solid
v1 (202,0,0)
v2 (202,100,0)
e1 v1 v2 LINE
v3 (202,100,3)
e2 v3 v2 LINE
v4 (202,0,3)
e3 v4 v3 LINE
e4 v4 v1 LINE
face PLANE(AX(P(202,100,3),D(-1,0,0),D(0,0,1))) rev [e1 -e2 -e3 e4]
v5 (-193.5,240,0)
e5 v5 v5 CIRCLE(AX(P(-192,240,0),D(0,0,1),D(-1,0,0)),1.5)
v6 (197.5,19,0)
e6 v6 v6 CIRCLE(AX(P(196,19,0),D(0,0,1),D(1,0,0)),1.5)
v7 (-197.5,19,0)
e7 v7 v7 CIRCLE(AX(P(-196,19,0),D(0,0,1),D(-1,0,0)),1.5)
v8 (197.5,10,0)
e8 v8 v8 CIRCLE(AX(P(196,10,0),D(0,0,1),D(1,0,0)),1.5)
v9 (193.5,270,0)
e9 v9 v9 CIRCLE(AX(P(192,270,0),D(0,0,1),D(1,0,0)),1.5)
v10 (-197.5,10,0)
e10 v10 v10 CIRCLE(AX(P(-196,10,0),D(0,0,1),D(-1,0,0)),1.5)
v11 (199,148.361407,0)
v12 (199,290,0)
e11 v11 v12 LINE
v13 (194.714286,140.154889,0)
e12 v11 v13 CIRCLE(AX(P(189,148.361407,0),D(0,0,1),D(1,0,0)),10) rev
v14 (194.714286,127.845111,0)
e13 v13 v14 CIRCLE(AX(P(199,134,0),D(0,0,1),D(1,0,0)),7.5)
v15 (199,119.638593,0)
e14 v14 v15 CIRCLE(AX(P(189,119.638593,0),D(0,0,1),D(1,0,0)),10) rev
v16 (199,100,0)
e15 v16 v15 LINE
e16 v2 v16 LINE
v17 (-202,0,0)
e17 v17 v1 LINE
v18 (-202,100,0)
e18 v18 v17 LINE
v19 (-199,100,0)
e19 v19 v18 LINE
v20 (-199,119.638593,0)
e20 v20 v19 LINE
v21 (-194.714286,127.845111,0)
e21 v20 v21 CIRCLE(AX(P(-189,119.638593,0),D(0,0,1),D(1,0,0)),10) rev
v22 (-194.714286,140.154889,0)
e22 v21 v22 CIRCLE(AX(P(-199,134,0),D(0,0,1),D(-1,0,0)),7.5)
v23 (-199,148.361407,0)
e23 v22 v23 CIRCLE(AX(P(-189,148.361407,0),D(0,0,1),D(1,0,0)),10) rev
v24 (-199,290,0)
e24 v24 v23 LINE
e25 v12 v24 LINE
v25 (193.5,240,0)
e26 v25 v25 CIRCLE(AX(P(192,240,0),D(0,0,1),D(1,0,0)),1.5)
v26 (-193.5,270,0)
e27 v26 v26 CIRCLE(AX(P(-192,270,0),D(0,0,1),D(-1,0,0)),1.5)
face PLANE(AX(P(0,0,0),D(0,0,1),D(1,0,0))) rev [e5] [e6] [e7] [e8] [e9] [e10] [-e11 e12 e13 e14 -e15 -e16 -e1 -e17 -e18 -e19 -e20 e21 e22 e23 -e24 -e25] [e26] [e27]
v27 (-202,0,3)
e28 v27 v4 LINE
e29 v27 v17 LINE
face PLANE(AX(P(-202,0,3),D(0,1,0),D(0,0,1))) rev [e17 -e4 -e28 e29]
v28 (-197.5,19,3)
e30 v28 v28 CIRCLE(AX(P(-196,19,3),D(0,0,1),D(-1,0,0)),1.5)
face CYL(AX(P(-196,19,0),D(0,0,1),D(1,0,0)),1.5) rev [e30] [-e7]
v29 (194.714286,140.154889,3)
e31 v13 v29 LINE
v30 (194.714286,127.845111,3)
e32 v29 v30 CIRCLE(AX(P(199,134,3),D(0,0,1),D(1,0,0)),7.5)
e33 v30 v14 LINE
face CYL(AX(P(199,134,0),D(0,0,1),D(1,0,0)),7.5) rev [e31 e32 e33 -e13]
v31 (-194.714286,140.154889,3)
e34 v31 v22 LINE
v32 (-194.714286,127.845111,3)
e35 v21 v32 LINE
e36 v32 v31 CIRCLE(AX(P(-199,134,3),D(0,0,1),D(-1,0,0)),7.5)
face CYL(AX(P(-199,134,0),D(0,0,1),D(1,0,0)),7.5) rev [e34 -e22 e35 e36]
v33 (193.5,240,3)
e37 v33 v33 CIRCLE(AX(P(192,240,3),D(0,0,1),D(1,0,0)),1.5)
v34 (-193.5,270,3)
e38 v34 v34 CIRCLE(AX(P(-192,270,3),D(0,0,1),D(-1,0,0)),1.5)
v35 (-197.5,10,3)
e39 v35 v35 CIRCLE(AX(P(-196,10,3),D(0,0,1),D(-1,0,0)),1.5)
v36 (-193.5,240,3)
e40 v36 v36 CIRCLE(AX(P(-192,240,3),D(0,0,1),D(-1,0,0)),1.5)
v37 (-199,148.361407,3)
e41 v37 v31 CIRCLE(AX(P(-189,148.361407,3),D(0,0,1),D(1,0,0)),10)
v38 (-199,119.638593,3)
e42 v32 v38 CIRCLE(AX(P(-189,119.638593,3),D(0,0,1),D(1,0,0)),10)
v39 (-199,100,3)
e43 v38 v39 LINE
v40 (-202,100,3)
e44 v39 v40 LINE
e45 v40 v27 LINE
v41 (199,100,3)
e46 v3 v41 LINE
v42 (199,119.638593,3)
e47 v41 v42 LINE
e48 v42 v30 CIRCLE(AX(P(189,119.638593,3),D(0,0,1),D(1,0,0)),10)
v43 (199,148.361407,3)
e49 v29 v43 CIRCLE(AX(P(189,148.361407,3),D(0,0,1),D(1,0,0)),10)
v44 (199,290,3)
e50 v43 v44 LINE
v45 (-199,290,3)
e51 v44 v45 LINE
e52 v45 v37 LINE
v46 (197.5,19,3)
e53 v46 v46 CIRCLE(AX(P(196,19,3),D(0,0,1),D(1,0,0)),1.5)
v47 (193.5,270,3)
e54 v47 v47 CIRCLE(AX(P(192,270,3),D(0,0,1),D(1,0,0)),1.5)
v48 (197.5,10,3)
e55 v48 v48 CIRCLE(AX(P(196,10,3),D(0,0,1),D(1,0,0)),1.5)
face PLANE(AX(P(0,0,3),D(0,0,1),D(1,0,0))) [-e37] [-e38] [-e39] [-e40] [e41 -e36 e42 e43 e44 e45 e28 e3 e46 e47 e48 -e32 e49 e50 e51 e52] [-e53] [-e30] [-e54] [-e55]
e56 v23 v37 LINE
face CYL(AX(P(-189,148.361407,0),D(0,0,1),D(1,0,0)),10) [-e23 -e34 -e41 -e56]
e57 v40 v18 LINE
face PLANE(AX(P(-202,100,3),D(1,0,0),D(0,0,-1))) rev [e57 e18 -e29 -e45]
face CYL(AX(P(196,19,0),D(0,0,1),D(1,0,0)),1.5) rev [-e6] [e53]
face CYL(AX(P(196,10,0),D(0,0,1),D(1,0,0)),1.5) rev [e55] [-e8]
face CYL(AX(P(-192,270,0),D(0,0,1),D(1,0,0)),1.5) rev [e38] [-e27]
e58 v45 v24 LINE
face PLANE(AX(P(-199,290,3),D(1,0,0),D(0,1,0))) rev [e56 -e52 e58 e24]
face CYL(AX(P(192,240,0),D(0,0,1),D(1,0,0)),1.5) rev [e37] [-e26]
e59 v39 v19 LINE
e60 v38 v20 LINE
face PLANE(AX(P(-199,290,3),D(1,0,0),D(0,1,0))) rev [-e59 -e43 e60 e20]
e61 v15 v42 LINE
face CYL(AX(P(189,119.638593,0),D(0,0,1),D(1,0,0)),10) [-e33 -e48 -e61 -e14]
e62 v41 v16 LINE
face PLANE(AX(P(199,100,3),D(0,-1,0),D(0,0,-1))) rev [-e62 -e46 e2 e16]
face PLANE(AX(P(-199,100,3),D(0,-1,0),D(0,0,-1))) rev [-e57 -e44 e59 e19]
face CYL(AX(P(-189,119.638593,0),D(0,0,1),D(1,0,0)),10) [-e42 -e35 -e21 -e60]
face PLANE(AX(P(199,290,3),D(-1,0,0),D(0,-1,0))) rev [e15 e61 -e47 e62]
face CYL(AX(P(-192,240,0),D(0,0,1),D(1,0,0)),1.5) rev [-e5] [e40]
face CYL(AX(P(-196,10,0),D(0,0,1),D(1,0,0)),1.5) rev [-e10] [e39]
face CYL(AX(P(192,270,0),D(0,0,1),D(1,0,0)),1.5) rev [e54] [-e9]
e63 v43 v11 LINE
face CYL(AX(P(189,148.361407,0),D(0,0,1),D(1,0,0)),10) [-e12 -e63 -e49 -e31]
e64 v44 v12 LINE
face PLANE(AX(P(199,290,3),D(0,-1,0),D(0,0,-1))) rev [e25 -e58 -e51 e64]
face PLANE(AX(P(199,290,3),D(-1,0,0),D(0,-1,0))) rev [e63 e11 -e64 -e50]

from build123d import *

# Parameters (mm, degrees)
EXTRUDE_1_DEPTH     = 3
SKETCH_2_R          = 1.5
CUT_EXTRUDE_1_DEPTH = 354.430332598
SKETCH_3_R          = 7.5
CUT_EXTRUDE_2_DEPTH = 354.430332598
FILLET_1_R          = 10


with BuildPart() as part:
    # 草图1 → 凸台-拉伸1 (new body)
    with BuildSketch(Plane.XY):
        Polygon((199, 290), (-199, 290), (-199, 100), (-202, 100), (-202, 0), (202, 0), (202, 100), (199, 100), align=None)
    extrude(amount=EXTRUDE_1_DEPTH)

    # 草图2 → 切除-拉伸1 (cut, through all)
    with BuildSketch(Plane.XY.offset(3)):
        with Locations((192, 270)):
            Circle(SKETCH_2_R)
        with Locations((192, 240)):
            Circle(SKETCH_2_R)
        with Locations(Location((-192, 240, 0), (0, 0, 180))):
            Circle(SKETCH_2_R)
        with Locations(Location((-192, 270, 0), (0, 0, 180))):
            Circle(SKETCH_2_R)
        with Locations((196, 19)):
            Circle(SKETCH_2_R)
        with Locations((196, 10)):
            Circle(SKETCH_2_R)
        with Locations(Location((-196, 10, 0), (0, 0, 180))):
            Circle(SKETCH_2_R)
        with Locations(Location((-196, 19, 0), (0, 0, 180))):
            Circle(SKETCH_2_R)
    extrude(amount=-CUT_EXTRUDE_1_DEPTH, mode=Mode.SUBTRACT)

    # 草图3 → 切除-拉伸2 (cut, through all)
    with BuildSketch(Plane.XY.offset(3)):
        with Locations((199, 134)):
            Circle(SKETCH_3_R)
        with Locations((-199, 134)):
            Circle(SKETCH_3_R)
    extrude(amount=-CUT_EXTRUDE_2_DEPTH, mode=Mode.SUBTRACT)

    # 圆角1
    fillet_1_edges = [part.edges().sort_by_distance(p)[0] for p in [
        (199, 126.5, 1.5),
        (199, 141.5, 1.5),
        (-199, 141.5, 1.5),
        (-199, 126.5, 1.5),
    ]]
    fillet(fillet_1_edges, radius=FILLET_1_R)


solid = part.part
